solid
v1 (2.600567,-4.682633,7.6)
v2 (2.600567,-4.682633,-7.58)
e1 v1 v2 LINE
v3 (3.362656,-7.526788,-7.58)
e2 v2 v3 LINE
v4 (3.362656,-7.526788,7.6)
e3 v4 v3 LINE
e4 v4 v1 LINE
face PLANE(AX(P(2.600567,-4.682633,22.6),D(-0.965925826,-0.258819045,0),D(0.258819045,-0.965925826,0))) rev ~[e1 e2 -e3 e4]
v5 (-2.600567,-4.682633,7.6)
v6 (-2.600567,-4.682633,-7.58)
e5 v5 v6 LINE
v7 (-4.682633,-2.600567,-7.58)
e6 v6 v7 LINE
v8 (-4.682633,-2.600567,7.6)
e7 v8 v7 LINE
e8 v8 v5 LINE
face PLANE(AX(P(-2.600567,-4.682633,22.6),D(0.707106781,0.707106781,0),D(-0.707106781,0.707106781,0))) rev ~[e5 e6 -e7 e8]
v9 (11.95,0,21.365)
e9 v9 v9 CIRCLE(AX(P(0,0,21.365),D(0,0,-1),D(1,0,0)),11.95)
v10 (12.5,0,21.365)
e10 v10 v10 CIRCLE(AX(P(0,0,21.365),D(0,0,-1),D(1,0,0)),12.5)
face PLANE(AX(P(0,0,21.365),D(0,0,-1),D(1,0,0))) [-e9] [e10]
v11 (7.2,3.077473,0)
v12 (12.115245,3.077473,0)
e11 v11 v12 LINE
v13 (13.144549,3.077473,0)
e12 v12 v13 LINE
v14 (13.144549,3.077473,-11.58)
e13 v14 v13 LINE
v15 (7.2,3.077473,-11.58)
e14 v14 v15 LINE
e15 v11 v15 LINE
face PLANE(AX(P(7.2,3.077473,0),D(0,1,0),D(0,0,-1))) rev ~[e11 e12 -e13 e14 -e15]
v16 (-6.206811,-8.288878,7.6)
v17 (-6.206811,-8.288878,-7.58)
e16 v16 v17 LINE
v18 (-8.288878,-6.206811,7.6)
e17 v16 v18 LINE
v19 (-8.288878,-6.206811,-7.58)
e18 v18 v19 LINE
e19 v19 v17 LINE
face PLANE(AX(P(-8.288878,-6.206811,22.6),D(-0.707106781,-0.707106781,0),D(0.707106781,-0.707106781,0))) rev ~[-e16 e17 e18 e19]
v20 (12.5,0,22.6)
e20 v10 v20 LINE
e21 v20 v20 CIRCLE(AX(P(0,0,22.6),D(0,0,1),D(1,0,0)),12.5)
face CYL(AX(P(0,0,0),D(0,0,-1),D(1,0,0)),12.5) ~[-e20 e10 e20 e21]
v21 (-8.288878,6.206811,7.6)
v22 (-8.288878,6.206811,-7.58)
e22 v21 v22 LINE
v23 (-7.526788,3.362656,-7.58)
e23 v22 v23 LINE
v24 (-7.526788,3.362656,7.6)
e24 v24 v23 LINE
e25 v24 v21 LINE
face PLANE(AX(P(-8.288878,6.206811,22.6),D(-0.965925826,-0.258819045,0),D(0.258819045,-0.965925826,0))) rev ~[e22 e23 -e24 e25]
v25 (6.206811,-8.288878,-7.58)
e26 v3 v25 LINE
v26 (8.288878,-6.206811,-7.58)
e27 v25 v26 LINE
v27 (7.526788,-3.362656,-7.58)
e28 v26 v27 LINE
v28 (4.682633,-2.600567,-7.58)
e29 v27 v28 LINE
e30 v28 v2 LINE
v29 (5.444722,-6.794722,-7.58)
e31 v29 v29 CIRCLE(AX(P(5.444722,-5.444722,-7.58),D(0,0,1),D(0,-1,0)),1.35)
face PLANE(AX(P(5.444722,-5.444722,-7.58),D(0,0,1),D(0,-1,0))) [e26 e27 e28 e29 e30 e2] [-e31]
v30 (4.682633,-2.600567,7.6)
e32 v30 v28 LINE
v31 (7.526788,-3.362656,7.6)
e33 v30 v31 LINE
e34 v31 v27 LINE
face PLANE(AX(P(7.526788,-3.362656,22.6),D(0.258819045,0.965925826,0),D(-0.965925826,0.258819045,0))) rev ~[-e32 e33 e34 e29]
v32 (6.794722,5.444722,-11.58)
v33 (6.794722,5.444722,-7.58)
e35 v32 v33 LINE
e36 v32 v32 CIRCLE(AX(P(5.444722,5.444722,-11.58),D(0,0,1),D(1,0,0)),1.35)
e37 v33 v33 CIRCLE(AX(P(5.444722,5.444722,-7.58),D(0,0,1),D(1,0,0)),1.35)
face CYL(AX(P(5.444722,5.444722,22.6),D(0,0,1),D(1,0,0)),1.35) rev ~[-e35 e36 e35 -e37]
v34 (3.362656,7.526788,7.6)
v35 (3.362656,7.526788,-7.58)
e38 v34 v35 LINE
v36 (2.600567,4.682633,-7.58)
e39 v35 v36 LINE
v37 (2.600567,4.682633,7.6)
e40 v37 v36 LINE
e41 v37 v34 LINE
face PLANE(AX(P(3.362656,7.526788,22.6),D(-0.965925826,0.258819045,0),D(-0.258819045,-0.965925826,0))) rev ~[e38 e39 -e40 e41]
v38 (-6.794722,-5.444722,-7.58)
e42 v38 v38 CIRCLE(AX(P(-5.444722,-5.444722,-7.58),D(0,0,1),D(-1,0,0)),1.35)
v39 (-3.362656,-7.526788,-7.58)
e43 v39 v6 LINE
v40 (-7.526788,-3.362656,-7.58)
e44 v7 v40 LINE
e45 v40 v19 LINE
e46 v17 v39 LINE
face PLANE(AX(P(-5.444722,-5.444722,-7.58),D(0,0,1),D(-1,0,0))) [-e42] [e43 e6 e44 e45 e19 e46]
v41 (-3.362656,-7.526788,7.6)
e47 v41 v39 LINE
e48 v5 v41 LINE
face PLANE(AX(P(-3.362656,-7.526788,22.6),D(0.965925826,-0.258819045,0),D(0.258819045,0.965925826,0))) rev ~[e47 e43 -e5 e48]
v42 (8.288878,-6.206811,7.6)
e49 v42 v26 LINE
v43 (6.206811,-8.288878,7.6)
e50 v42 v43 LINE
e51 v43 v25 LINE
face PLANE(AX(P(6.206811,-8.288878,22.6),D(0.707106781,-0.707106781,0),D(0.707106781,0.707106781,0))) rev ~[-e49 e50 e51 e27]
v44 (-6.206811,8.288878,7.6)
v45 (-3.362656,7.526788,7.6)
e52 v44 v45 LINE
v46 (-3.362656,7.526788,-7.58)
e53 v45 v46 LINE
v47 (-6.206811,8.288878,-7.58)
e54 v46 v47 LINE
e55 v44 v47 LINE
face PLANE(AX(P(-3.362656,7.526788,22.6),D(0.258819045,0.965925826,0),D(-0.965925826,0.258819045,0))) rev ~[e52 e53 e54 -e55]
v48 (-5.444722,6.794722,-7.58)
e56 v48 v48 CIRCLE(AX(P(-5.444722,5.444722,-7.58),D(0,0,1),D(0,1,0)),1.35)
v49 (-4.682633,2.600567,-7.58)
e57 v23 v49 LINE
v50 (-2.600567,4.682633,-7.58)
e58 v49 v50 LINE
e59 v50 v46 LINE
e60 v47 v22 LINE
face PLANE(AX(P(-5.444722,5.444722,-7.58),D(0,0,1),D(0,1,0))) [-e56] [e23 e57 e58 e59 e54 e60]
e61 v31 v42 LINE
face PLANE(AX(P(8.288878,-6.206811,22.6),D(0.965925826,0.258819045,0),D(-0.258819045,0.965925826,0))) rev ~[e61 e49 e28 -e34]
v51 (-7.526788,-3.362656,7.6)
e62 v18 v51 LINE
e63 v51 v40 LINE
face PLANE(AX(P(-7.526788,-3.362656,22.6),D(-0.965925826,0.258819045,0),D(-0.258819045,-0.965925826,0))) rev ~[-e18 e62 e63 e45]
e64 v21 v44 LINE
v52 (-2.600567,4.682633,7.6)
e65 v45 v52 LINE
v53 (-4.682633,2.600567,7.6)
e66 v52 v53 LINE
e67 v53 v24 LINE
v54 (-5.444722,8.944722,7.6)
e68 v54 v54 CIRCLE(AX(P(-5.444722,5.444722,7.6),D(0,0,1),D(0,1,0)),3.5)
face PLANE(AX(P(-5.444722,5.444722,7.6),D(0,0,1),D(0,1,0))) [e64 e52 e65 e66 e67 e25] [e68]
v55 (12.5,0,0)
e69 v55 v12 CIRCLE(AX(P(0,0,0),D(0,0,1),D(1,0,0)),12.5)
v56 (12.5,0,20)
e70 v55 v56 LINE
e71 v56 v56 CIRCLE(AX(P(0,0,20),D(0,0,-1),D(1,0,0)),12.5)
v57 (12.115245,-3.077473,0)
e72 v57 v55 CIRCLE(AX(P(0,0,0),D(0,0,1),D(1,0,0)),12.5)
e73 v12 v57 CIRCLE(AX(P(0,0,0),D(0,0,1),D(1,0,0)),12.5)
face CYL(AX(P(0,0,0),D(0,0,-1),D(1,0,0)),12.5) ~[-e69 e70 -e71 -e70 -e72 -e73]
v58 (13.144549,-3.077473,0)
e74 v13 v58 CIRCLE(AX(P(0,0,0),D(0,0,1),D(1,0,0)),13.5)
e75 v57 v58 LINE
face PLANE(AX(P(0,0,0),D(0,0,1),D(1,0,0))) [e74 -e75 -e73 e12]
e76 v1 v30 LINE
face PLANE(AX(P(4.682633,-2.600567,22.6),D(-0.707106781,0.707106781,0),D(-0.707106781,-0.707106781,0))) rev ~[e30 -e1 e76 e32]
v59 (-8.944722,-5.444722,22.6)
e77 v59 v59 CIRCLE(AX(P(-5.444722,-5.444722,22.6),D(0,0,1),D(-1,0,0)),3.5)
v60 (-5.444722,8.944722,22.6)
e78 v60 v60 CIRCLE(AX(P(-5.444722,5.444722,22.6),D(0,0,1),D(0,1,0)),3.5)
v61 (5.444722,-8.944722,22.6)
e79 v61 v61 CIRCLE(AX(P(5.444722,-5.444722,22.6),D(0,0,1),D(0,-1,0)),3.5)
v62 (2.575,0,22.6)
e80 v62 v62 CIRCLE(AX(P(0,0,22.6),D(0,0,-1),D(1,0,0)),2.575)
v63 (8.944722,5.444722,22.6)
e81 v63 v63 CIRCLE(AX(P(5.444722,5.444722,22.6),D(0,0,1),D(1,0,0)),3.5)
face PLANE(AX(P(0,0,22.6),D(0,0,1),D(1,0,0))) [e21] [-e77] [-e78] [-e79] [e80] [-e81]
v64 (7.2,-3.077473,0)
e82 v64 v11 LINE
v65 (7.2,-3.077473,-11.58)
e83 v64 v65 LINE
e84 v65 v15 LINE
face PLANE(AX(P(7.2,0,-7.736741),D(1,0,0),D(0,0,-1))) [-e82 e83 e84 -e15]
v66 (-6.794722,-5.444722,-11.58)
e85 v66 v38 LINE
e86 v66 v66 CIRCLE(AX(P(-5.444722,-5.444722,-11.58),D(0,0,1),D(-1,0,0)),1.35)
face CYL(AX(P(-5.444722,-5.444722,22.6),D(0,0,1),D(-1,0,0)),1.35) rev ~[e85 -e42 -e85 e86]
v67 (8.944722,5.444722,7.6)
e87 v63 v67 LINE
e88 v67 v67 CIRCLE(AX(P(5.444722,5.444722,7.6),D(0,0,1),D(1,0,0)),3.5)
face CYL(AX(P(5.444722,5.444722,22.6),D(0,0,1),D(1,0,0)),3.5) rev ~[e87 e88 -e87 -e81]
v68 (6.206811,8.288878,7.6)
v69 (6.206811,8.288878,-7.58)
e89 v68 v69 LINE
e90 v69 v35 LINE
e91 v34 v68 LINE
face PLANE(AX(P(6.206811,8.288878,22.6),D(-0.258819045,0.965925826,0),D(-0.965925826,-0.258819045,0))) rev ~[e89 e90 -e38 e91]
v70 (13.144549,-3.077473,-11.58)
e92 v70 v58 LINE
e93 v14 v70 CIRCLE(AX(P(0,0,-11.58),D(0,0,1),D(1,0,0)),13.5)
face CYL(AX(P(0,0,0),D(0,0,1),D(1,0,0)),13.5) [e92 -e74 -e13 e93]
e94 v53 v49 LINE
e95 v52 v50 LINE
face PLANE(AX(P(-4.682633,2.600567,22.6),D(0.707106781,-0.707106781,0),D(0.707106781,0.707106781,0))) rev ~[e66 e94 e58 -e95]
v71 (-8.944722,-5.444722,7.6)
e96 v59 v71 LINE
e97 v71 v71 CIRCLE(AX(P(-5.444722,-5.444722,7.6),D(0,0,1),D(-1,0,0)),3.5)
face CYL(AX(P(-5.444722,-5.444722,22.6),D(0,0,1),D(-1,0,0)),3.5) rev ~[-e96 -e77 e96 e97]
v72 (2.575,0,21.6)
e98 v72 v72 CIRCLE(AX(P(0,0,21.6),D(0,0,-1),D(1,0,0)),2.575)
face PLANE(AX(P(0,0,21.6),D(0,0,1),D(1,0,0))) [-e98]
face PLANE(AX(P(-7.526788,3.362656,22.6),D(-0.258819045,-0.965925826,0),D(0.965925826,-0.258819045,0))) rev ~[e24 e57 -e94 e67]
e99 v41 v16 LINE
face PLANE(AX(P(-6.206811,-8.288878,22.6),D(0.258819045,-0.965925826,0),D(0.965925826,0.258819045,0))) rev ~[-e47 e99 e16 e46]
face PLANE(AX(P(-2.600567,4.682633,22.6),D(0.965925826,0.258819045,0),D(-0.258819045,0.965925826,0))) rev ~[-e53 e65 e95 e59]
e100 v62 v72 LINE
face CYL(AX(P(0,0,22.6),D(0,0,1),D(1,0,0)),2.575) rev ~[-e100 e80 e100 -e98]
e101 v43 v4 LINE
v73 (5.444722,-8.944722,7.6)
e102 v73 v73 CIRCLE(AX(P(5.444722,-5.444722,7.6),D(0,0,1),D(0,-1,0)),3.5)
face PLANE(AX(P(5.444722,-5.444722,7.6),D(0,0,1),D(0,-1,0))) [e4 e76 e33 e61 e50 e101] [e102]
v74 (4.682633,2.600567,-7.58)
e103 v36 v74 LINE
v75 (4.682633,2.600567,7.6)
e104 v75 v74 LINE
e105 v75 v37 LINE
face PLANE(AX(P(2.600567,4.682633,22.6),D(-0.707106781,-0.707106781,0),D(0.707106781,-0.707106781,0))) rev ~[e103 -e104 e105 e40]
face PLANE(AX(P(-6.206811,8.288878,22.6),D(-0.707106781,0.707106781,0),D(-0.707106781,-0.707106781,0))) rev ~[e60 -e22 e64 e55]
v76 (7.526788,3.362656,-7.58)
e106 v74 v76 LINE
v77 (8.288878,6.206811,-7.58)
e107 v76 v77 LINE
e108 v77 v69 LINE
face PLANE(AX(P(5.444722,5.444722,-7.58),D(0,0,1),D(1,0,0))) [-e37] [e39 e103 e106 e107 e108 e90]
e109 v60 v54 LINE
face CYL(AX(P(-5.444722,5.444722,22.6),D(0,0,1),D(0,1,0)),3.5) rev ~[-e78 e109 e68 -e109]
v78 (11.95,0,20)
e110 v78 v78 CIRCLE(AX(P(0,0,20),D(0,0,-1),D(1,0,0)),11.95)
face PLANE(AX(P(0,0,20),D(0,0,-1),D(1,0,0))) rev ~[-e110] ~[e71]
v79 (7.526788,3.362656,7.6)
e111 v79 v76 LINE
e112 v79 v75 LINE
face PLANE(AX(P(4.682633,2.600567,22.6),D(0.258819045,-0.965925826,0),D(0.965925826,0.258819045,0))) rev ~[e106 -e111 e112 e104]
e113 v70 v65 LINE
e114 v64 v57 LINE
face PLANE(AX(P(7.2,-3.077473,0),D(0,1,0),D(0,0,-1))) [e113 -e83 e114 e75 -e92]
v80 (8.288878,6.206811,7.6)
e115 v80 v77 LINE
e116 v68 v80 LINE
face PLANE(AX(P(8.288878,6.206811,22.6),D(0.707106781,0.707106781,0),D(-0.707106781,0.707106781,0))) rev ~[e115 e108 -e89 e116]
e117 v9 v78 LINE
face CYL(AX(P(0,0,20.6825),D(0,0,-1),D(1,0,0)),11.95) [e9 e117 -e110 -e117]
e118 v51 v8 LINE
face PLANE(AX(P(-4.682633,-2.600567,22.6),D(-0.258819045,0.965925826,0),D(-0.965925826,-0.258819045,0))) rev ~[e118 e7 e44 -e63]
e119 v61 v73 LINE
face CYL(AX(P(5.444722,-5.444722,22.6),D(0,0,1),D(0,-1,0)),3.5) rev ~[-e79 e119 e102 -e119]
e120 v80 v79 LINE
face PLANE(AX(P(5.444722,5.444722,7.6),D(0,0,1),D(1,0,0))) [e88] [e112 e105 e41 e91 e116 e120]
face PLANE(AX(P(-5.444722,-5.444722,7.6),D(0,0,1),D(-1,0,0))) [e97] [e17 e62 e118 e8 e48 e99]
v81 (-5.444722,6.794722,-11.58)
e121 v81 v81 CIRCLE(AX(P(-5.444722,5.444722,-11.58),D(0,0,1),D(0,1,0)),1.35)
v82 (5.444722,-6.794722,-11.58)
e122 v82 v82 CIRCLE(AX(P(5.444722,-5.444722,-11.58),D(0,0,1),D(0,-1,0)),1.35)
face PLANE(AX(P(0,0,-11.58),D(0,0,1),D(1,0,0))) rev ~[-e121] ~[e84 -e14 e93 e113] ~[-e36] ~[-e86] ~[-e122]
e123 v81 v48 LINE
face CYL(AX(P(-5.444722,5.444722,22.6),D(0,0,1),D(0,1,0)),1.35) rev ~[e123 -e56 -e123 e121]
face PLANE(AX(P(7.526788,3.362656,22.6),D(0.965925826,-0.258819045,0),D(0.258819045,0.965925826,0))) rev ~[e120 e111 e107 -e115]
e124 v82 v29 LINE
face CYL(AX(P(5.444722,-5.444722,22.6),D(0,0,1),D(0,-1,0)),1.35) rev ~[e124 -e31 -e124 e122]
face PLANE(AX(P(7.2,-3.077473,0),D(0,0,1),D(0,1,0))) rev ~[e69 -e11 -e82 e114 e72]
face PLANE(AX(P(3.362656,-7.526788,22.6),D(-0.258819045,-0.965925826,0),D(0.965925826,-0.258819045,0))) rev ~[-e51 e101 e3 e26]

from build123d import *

# Parameters (mm, degrees)
SKETCH1_R           = 12.5
BOSS_EXTRUDE1_DEPTH = 22.6
SKETCH2_R           = 13.5
BOSS_EXTRUDE2_DEPTH = 11.58
SKETCH9_W           = 1.365
SKETCH9_H           = 0.55
SKETCH4_R           = 2.575
MAGNETSLOT_DEPTH    = 1
NUTCUT_DEPTH        = 30.18
SKETCH7_R           = 3.5
NUTHOLE_DEPTH       = 15
SKETCH8_R           = 1.35
SCREWHOLE_DEPTH     = 40.150637287
CIRPATTERN1_COUNT   = 4
SKETCH11_W          = 15.473481632
SKETCH11_H          = 6.154945972
CUT_EXTRUDE1_DEPTH  = 34.488804099


with BuildPart() as part:
    # Sketch1 → Boss-Extrude1 (new body)
    with BuildSketch(Plane.XY):
        Circle(SKETCH1_R)
    extrude(amount=BOSS_EXTRUDE1_DEPTH)

    # Sketch2 → Boss-Extrude2 (add)
    with BuildSketch(Plane.XY):
        Circle(SKETCH2_R)
    extrude(amount=-BOSS_EXTRUDE2_DEPTH)

    # Sketch9 → Cut-Revolve1 (revolve, cut)
    with BuildSketch(Plane(origin=(0, 0, 0), x_dir=(0, 0, -1), z_dir=(1, 0, 0)), mode=Mode.PRIVATE) as cut_revolve1_sk:
        with Locations((-20.6825, -12.225)):
            Rectangle(SKETCH9_W, SKETCH9_H)
    revolve(cut_revolve1_sk.sketch.rotate(Axis((0, 0, 24.309), (0, 0, -1)), 270), axis=Axis((0, 0, 24.309), (0, 0, -1)), mode=Mode.SUBTRACT)

    # Sketch4 → MagnetSlot (cut)
    with BuildSketch(Plane.XY.offset(22.6)):
        Circle(SKETCH4_R)
    magnetslot = extrude(amount=-MAGNETSLOT_DEPTH, mode=Mode.SUBTRACT)

    # Sketch6 → NutCut (cut)
    with BuildSketch(Plane.XY.offset(22.6)):
        Polygon((6.206811366, 8.288877648), (3.362655934, 7.526788497), (2.600566782, 4.682633064), (4.682633064, 2.600566782), (7.526788497, 3.362655934), (8.288877648, 6.206811366), align=None)
    nutcut = extrude(amount=-NUTCUT_DEPTH, mode=Mode.SUBTRACT)

    # Sketch7 → NutHole (cut)
    with BuildSketch(Plane.XY.offset(22.6)):
        with Locations((5.444722215, 5.444722215)):
            Circle(SKETCH7_R)
    nuthole = extrude(amount=-NUTHOLE_DEPTH, mode=Mode.SUBTRACT)

    # Sketch8 → ScrewHole (cut, symmetric)
    with BuildSketch(Plane.XY.offset(22.6)):
        with Locations((5.444722215, 5.444722215)):
            Circle(SKETCH8_R)
    screwhole = extrude(amount=SCREWHOLE_DEPTH, both=True, mode=Mode.SUBTRACT)

    # CirPattern1: MagnetSlot, NutCut, NutHole, ScrewHole ×4 about axis
    cirpattern1_axis = Axis((0, 0, 0), (0, 0, 1))
    add([magnetslot.rotate(cirpattern1_axis, i * 360 / CIRPATTERN1_COUNT) for i in range(1, CIRPATTERN1_COUNT)], mode=Mode.SUBTRACT)
    add([nutcut.rotate(cirpattern1_axis, i * 360 / CIRPATTERN1_COUNT) for i in range(1, CIRPATTERN1_COUNT)], mode=Mode.SUBTRACT)
    add([nuthole.rotate(cirpattern1_axis, i * 360 / CIRPATTERN1_COUNT) for i in range(1, CIRPATTERN1_COUNT)], mode=Mode.SUBTRACT)
    add([screwhole.rotate(cirpattern1_axis, i * 360 / CIRPATTERN1_COUNT) for i in range(1, CIRPATTERN1_COUNT)], mode=Mode.SUBTRACT)

    # Sketch11 → Cut-Extrude1 (cut, through all)
    with BuildSketch(Plane(origin=(7.2, 0, 0), x_dir=(0, 0, -1), z_dir=(1, 0, 0))):
        with Locations((7.736740816, 0)):
            Rectangle(SKETCH11_W, SKETCH11_H)
    extrude(amount=CUT_EXTRUDE1_DEPTH, mode=Mode.SUBTRACT)


solid = part.part
